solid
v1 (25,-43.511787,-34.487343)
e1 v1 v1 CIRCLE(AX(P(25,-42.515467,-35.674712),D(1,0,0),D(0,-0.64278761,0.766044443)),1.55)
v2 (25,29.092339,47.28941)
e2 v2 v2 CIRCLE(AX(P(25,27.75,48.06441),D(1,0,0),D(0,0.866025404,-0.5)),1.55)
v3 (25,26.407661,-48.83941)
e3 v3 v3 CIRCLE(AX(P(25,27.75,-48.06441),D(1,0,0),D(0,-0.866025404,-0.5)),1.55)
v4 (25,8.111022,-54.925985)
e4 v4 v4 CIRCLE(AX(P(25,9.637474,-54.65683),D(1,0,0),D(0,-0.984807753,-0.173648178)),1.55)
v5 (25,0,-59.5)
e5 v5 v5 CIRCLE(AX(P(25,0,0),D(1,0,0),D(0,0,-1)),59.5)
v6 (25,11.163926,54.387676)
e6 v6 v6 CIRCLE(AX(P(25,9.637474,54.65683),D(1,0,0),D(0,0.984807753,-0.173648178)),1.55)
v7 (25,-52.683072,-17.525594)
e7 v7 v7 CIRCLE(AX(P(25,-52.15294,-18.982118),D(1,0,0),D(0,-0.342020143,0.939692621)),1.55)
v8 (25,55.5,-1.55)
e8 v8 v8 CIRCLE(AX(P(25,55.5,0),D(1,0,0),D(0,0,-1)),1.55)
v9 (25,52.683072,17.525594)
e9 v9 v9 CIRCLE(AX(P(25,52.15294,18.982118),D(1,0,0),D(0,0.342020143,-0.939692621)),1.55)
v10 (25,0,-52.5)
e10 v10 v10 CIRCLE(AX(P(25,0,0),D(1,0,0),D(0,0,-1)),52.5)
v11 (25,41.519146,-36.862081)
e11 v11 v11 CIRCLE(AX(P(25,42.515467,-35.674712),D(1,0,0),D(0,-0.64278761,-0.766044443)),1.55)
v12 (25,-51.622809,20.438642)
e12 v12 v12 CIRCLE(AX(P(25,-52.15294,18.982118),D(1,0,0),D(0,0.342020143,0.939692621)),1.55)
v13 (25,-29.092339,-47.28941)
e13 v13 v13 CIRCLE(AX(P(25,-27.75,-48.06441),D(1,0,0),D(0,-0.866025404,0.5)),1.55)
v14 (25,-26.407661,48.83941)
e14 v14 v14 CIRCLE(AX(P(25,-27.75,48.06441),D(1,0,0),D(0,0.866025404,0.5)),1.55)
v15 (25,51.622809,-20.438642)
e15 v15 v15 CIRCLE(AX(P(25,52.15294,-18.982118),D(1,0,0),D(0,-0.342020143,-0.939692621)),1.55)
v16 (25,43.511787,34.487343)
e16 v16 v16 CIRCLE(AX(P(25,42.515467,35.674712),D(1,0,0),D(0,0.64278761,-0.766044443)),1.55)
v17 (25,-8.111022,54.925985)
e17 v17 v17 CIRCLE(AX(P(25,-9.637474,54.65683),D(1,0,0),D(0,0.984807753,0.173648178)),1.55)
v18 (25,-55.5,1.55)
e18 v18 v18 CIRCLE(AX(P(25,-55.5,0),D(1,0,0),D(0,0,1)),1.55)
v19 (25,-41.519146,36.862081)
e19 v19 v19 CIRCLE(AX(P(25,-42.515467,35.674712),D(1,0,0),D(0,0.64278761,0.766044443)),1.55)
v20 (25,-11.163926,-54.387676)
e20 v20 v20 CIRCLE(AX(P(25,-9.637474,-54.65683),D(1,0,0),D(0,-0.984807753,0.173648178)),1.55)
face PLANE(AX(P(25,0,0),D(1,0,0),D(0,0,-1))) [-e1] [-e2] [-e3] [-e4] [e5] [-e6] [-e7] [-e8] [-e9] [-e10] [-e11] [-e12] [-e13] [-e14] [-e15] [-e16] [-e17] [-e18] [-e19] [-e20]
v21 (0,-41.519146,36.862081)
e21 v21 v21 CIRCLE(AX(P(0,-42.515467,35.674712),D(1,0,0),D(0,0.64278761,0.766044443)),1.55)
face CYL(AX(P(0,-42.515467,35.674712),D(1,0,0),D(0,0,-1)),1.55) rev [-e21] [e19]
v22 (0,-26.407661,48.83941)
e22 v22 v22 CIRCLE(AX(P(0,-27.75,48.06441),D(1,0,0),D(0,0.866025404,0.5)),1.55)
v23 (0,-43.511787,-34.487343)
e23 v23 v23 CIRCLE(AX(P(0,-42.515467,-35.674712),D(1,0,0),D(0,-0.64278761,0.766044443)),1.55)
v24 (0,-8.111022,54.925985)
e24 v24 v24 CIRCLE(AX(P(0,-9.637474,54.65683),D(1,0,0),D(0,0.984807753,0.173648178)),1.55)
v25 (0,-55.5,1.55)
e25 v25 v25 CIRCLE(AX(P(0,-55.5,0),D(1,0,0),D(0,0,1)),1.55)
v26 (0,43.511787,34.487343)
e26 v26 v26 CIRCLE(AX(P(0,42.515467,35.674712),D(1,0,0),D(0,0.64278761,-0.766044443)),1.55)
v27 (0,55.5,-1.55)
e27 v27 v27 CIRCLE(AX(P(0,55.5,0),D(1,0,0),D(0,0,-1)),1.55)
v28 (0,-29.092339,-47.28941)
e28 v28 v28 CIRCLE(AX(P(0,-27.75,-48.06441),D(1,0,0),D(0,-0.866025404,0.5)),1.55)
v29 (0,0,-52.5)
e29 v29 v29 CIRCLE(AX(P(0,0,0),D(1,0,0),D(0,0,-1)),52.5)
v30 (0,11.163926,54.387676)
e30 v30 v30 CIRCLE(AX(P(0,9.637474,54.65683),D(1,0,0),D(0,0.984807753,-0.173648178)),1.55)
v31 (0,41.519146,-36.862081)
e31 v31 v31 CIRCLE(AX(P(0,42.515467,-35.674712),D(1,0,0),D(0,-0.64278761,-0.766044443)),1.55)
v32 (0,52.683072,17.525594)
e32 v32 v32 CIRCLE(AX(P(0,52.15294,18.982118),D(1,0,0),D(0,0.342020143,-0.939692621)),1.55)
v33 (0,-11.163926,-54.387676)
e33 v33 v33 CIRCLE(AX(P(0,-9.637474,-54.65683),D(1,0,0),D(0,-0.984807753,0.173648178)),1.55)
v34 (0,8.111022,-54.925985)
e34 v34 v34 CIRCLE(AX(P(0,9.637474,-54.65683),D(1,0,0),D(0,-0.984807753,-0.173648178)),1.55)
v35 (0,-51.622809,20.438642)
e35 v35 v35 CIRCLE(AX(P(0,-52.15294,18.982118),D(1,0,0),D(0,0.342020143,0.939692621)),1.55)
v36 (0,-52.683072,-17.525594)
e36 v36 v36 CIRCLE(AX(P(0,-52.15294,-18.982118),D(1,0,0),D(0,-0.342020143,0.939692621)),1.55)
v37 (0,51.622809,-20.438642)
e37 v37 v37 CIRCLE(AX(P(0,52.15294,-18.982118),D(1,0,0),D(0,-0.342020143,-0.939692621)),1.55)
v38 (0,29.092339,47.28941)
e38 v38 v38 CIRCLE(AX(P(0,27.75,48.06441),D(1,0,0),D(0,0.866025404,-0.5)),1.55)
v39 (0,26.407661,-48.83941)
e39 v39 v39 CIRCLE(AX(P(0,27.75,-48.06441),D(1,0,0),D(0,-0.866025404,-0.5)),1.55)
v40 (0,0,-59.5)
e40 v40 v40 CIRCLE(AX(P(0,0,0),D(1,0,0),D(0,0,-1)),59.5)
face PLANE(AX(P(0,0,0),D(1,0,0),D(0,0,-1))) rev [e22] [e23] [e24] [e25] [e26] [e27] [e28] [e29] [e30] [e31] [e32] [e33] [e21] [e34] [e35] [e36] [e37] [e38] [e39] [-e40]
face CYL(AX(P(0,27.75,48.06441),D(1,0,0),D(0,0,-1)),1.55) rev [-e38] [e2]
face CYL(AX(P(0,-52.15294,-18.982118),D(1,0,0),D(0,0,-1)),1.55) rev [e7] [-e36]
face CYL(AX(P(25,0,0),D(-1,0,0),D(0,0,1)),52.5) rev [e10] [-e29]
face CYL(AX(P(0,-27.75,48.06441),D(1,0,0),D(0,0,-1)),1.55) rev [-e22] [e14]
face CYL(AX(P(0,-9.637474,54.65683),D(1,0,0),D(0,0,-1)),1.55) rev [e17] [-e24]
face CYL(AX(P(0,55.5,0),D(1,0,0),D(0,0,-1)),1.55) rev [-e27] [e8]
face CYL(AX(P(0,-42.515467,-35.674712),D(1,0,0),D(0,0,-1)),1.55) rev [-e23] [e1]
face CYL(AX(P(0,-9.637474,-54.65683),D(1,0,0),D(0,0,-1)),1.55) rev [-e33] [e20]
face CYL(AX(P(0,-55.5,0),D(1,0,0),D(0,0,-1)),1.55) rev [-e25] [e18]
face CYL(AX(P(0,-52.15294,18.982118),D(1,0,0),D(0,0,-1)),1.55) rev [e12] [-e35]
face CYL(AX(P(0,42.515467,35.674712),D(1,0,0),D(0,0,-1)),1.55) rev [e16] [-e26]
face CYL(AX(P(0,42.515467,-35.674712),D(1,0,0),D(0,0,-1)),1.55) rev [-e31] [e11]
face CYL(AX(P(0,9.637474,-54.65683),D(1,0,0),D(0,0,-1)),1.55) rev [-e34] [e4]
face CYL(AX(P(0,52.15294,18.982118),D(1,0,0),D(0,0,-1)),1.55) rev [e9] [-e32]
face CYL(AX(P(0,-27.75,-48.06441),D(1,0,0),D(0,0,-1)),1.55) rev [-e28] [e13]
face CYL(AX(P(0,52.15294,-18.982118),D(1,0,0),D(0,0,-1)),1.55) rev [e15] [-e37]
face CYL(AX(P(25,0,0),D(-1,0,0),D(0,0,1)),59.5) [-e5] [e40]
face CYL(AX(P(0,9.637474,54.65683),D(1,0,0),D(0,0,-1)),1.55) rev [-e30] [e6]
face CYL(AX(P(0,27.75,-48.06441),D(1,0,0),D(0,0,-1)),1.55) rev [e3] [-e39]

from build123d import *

# Parameters (mm, degrees)
SKETCH_1_R               = 59.5
SKETCH_1_R_2             = 52.5
EXTRUDE_1_DEPTH          = 25
SKETCH_2_R               = 1.55
CUT_EXTRUDE_1_DEPTH      = 88.780977438
PATTERN_CIRCULAR_1_COUNT = 18


with BuildPart() as part:
    # 草图1 → 凸台-拉伸1 (new body)
    with BuildSketch(Plane(origin=(0, 0, 0), x_dir=(0, 0, -1), z_dir=(1, 0, 0))):
        Circle(SKETCH_1_R)
        Circle(SKETCH_1_R_2, mode=Mode.SUBTRACT)
    extrude(amount=EXTRUDE_1_DEPTH)

    # 草图2 → 切除-拉伸1 (cut, through all)
    with BuildSketch(Plane(origin=(25, 0, 0), x_dir=(0, 0, -1), z_dir=(1, 0, 0))):
        with Locations((0, 55.5)):
            Circle(SKETCH_2_R)
    cut_extrude_1 = extrude(amount=-CUT_EXTRUDE_1_DEPTH, mode=Mode.SUBTRACT)

    # 阵列(圆周)1: 切除-拉伸1 ×18 about axis
    pattern_circular_1_axis = Axis((0, 0, 0), (1, 0, 0))
    for i in range(1, PATTERN_CIRCULAR_1_COUNT):
        add(cut_extrude_1.rotate(pattern_circular_1_axis, i * 360 / PATTERN_CIRCULAR_1_COUNT), mode=Mode.SUBTRACT)


solid = part.part
